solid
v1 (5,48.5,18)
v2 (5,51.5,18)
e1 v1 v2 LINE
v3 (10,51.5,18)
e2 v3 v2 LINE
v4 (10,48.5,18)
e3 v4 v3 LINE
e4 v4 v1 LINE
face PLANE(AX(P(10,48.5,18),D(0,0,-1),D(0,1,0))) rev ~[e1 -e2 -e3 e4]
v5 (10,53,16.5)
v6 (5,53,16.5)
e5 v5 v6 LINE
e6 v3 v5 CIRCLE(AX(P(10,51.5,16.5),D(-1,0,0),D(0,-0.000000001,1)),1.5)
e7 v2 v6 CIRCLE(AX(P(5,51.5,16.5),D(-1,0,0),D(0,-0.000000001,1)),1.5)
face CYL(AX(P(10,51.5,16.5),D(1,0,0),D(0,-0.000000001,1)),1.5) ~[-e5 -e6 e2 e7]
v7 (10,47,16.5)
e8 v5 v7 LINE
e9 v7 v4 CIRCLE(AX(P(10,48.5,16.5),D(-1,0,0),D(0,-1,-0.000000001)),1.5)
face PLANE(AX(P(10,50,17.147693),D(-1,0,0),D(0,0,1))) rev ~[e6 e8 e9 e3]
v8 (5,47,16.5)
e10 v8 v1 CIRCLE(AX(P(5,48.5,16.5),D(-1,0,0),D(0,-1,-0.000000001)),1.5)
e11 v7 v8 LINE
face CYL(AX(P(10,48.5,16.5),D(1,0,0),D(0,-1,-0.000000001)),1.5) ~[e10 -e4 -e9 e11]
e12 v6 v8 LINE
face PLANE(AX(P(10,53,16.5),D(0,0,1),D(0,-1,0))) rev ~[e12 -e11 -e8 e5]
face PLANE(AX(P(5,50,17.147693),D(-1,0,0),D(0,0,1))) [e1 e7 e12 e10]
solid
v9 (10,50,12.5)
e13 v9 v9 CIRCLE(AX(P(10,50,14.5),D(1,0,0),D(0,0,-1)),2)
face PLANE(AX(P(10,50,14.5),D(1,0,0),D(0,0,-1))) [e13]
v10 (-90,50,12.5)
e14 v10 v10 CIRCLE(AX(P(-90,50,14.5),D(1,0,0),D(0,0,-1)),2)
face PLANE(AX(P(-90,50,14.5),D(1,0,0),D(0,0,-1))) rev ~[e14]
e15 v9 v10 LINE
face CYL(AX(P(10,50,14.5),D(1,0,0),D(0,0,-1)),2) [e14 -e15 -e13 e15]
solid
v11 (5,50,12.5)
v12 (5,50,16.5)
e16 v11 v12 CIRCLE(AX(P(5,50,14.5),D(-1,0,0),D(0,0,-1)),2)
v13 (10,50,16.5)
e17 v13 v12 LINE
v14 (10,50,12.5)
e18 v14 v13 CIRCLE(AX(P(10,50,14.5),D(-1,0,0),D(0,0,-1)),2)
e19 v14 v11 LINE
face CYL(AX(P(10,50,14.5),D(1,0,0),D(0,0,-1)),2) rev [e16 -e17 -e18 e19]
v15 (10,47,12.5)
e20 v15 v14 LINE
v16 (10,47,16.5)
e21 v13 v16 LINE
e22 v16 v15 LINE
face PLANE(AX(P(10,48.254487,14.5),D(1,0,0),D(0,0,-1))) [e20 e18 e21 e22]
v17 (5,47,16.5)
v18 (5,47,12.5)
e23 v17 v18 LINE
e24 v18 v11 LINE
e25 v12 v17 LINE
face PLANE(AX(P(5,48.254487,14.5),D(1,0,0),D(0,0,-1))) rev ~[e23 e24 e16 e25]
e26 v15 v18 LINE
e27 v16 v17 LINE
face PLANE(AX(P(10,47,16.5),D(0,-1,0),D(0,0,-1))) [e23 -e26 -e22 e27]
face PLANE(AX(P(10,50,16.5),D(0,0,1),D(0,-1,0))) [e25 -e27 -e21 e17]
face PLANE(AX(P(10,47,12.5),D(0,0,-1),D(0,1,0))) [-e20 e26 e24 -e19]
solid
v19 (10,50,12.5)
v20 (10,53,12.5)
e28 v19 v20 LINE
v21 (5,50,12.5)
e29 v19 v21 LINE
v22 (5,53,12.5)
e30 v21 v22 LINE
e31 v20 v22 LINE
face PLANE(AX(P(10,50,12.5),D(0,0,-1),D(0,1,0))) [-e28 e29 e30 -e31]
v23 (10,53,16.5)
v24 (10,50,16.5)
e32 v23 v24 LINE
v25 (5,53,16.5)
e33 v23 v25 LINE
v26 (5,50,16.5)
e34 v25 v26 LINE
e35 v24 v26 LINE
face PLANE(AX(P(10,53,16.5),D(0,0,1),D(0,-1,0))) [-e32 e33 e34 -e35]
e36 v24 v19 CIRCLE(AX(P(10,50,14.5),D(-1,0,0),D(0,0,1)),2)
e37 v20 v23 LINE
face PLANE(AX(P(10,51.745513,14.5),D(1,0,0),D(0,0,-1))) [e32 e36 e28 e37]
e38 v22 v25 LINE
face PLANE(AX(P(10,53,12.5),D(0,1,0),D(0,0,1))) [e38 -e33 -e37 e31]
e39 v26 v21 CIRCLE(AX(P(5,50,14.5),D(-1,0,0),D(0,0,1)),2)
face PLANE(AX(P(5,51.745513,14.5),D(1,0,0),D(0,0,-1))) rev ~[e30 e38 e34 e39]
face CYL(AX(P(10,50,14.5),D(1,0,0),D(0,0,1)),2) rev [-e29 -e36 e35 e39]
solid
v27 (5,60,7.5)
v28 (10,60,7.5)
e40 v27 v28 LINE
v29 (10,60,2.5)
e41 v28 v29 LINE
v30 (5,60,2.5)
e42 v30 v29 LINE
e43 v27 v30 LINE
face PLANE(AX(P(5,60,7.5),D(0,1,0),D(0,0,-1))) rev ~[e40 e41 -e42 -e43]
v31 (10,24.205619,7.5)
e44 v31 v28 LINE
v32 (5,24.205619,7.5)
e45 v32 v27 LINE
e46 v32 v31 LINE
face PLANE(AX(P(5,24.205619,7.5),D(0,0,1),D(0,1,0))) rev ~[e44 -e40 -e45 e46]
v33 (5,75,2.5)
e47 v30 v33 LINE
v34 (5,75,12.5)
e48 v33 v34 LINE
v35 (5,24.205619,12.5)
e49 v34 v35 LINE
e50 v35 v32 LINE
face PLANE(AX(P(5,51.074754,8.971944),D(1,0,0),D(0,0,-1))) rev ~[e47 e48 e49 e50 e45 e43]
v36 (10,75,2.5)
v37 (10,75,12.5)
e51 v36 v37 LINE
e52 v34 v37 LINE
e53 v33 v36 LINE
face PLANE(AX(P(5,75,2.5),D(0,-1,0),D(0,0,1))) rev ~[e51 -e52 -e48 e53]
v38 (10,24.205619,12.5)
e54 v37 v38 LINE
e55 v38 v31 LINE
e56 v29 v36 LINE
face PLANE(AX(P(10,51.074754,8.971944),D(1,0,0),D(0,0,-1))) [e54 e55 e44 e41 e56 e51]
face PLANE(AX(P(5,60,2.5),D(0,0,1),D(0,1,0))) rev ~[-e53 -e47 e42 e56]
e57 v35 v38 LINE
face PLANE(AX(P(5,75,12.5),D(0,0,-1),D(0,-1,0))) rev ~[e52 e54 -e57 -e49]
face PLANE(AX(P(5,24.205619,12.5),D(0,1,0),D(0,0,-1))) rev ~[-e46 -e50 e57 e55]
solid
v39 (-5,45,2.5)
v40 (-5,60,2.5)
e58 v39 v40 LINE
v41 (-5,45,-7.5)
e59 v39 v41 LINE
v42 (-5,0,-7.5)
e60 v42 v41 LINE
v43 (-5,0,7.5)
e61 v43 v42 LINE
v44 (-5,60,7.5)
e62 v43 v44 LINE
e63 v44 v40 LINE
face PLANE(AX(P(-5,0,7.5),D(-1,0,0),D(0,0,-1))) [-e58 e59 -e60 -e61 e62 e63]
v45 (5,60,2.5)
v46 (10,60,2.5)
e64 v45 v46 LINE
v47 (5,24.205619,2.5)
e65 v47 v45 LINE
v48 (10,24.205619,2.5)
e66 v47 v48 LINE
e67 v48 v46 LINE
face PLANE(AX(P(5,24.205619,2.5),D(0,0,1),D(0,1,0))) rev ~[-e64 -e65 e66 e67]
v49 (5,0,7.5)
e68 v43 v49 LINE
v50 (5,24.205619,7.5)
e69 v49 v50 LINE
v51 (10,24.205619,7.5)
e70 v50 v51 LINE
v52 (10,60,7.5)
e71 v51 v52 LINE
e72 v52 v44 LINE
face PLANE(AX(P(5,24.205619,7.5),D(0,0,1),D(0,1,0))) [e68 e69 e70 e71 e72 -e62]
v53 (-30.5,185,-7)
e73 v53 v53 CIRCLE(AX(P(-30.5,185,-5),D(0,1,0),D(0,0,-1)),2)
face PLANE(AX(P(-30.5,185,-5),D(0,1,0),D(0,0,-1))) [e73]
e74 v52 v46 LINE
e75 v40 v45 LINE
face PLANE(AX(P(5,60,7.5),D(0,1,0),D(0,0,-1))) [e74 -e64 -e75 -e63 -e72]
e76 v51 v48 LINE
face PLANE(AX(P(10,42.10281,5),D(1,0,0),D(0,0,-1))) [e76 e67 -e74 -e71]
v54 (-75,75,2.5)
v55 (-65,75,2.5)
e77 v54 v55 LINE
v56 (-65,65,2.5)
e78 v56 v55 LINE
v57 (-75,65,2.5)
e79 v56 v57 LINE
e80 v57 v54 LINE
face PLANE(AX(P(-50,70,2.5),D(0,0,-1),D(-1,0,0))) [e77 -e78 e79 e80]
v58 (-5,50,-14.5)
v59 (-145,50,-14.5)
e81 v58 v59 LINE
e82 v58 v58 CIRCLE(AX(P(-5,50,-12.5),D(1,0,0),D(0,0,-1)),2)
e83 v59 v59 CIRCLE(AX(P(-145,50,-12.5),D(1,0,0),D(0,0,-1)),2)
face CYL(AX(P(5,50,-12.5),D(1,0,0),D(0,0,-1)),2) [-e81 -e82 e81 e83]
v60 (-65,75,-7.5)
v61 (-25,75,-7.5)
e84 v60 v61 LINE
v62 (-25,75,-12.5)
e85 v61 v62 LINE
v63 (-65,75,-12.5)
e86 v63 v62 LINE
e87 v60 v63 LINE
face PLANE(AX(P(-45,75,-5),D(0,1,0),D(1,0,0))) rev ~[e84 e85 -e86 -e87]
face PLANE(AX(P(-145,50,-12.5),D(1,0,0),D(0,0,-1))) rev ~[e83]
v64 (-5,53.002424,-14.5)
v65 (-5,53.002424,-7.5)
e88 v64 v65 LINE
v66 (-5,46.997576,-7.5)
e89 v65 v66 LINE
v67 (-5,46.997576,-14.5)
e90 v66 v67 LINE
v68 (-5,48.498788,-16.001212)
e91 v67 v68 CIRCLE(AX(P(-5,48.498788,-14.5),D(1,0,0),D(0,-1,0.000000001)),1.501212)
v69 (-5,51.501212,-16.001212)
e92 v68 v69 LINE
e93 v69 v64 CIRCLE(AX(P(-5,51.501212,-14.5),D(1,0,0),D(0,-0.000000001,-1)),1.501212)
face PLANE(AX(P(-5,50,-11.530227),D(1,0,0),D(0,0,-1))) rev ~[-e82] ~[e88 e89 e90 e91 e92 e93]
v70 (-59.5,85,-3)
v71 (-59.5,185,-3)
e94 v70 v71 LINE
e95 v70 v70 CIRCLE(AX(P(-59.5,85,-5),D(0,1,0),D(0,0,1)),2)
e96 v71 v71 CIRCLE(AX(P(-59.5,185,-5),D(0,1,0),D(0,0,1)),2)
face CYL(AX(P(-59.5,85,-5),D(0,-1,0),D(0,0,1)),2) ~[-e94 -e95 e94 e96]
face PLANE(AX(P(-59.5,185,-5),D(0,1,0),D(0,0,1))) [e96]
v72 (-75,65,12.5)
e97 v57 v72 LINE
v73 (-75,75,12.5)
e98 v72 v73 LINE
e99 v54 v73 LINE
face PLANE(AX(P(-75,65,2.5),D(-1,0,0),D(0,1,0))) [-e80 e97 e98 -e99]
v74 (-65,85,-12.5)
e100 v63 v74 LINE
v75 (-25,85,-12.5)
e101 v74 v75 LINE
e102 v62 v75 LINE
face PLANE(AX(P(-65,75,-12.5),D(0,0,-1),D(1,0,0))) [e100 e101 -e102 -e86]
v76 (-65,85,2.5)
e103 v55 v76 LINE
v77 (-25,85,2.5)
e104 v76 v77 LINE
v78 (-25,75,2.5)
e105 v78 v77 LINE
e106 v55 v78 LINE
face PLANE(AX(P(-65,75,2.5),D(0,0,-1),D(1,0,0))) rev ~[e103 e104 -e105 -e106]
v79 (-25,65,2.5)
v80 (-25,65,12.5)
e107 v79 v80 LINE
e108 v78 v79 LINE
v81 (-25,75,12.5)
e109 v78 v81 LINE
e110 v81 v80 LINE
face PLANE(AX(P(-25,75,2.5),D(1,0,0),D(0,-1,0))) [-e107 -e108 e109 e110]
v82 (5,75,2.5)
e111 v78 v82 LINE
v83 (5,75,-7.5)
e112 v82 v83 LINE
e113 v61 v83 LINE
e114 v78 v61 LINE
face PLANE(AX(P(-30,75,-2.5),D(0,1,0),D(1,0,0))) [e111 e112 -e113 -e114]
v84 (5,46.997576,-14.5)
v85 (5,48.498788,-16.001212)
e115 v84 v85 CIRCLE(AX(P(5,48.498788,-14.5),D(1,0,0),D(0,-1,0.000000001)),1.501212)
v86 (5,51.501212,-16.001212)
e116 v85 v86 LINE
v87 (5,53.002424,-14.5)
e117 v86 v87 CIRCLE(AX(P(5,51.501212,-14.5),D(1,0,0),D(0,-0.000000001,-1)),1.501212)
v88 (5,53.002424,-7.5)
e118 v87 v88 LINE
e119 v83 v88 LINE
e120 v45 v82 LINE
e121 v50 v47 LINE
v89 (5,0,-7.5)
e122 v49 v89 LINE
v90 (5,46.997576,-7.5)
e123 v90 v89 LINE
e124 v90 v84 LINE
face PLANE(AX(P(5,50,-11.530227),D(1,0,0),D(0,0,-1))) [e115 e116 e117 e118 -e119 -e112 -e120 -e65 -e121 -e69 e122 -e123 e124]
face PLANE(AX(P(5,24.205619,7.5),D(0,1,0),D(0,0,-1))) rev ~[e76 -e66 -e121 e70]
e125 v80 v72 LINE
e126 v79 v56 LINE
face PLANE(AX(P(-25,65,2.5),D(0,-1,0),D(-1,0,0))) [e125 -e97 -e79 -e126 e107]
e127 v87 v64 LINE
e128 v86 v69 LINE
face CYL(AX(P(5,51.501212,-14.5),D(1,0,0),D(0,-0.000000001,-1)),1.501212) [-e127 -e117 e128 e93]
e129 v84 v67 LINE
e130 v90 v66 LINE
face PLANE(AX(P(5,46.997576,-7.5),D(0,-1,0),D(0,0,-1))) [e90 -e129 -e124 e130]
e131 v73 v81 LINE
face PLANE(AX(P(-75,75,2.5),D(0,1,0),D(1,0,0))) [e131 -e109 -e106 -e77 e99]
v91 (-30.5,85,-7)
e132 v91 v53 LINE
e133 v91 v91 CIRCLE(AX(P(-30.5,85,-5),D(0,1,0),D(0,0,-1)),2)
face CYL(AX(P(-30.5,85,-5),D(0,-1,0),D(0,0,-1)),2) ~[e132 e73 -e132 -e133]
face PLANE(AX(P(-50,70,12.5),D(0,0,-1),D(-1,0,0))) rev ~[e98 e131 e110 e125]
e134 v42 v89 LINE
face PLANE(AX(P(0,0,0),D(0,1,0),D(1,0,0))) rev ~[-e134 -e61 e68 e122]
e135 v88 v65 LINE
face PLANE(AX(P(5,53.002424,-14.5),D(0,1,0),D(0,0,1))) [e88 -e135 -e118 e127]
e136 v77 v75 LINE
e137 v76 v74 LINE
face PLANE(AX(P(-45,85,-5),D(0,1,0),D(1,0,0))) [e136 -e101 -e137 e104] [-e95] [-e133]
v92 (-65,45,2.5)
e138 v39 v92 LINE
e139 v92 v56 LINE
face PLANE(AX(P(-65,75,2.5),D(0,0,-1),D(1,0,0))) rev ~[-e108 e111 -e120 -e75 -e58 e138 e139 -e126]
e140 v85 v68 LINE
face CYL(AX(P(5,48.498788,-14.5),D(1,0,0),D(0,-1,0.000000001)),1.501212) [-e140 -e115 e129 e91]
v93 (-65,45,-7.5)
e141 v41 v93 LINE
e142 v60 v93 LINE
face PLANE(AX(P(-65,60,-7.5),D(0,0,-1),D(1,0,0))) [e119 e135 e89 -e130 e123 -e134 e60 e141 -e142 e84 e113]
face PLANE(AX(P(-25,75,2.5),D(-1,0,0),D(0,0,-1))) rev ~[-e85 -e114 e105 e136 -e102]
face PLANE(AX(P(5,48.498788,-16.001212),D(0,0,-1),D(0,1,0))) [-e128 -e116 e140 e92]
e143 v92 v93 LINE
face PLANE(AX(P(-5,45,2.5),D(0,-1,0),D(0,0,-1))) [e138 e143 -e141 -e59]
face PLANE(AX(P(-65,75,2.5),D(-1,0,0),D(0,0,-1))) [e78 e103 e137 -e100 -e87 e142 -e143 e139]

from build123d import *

# Parameters (mm, degrees)
SKETCH1_W              = 10
SKETCH1_H              = 15
BOSS_EXTRUDE1_DEPTH    = 60
SKETCH2_W              = 10
SKETCH2_H              = 15
BOSS_EXTRUDE2_DEPTH    = 60
SKETCH3_W              = 70
SKETCH3_H              = 10
BOSS_EXTRUDE3_DEPTH    = 15
SKETCH6_W              = 40
SKETCH6_H              = 15
BOSS_EXTRUDE4_DEPTH    = 10
SKETCH7_R              = 2
BOSS_EXTRUDE5_DEPTH    = 100
BOSS_EXTRUDE6_DEPTH    = 10
SKETCH10_W             = 5
SKETCH10_H             = 35.794380654
BOSS_EXTRUDE12_DEPTH   = 5
BOSS_EXTRUDE15_DEPTH   = 5
SKETCH19_R             = 2
BOSS_EXTRUDE18_DEPTH   = 150
BOSS_EXTRUDE19_DEPTH   = 10
SKETCH26_R             = 2
BOSS_EXTRUDE22_DEPTH   = 100
BOSS_EXTRUDE31_DEPTH   = 5
BOSS_EXTRUDE31_2_DEPTH = 5
BOSS_EXTRUDE33_DEPTH   = 5


with BuildPart() as part:
    # Sketch1 → Boss-Extrude1 (new body)
    with BuildSketch(Plane(origin=(0, 0, 0), x_dir=(1, 0, 0), z_dir=(0, 1, 0))):
        Rectangle(SKETCH1_W, SKETCH1_H)
    extrude(amount=BOSS_EXTRUDE1_DEPTH)

    # Sketch2 → Boss-Extrude2 (add)
    with BuildSketch(Plane(origin=(-5, 0, 0), x_dir=(0, 0, -1), z_dir=(1, 0, 0))):
        with Locations((2.5, 52.5)):
            Rectangle(SKETCH2_W, SKETCH2_H)
    extrude(amount=-BOSS_EXTRUDE2_DEPTH)

    # Sketch3 → Boss-Extrude3 (add)
    with BuildSketch(Plane(origin=(0, 60, 0), x_dir=(1, 0, 0), z_dir=(0, 1, 0))):
        with Locations((-30, 2.5)):
            Rectangle(SKETCH3_W, SKETCH3_H)
    extrude(amount=BOSS_EXTRUDE3_DEPTH)

    # Sketch6 → Boss-Extrude4 (add)
    with BuildSketch(Plane(origin=(0, 75, 0), x_dir=(1, 0, 0), z_dir=(0, 1, 0))):
        with Locations((-45, 5)):
            Rectangle(SKETCH6_W, SKETCH6_H)
    extrude(amount=BOSS_EXTRUDE4_DEPTH)

    # Sketch7 → Boss-Extrude5 (add)
    with BuildSketch(Plane(origin=(0, 85, 0), x_dir=(1, 0, 0), z_dir=(0, 1, 0))):
        with Locations(Location((-30.5, 5, 0), (0, 0, 90))):
            Circle(SKETCH7_R)
        with Locations(Location((-59.5, 5, 0), (0, 0, 270))):
            Circle(SKETCH7_R)
    extrude(amount=BOSS_EXTRUDE5_DEPTH)

    # Sketch8 → Boss-Extrude6 (add)
    with BuildSketch(Plane(origin=(5, 75, 2.5), x_dir=(-1, 0, 0), z_dir=(0, 0, -1))):
        Polygon((30, 0), (30, -10), (70, -10), (80, -10), (80, 0), align=None)
    extrude(amount=-BOSS_EXTRUDE6_DEPTH)

    # Sketch10 → Boss-Extrude12 (add)
    with BuildSketch(Plane(origin=(5, 0, 0), x_dir=(0, 0, -1), z_dir=(1, 0, 0))):
        with Locations((-5, 42.102809673)):
            Rectangle(SKETCH10_W, SKETCH10_H)
    extrude(amount=BOSS_EXTRUDE12_DEPTH)



with BuildPart() as body_2:
    # Sketch11 → Boss-Extrude15 (new body)
    with BuildSketch(Plane(origin=(5, 0, 0), x_dir=(0, 0, -1), z_dir=(1, 0, 0))):
        Polygon((-2.5, 60), (-2.5, 75), (-12.5, 75), (-12.5, 24.205619346), (-7.5, 24.205619346), (-7.5, 60), align=None)
    extrude(amount=BOSS_EXTRUDE15_DEPTH)


with BuildPart() as body_3:
    # Sketch19 → Boss-Extrude18 (new body)
    with BuildSketch(Plane(origin=(5, 0, 0), x_dir=(0, 0, -1), z_dir=(1, 0, 0))):
        with Locations((12.5, 50)):
            Circle(SKETCH19_R)
    extrude(amount=-BOSS_EXTRUDE18_DEPTH)


with BuildPart() as part_1:
    add(part.part)

    add(body_3.part)  # Boss-Extrude19 merges body 3
    # Sketch20 → Boss-Extrude19 (add)
    with BuildSketch(Plane(origin=(5, 0, 0), x_dir=(0, 0, -1), z_dir=(1, 0, 0))):
        with BuildLine():
            Line((12.5, 53.002424106), (7.5, 53.002424106))
            Line((7.5, 53.002424106), (7.5, 50))
            Line((7.5, 50), (7.5, 46.997575894))
            Line((7.5, 46.997575894), (12.5, 46.997575894))
            Line((12.5, 46.997575894), (14.5, 46.997575894))
            ThreePointArc((14.5, 46.997575894), (15.561517223, 47.437270724), (16.001212053, 48.498787947))
            Line((16.001212053, 48.498787947), (16.001212053, 51.501212053))
            ThreePointArc((16.001212053, 51.501212053), (15.561517223, 52.562729276), (14.5, 53.002424106))
            Line((14.5, 53.002424106), (12.5, 53.002424106))
        make_face()
    extrude(amount=-BOSS_EXTRUDE19_DEPTH)


with BuildPart() as body_3_2:
    # Sketch26 → Boss-Extrude22 (new body)
    with BuildSketch(Plane(origin=(10, 0, 0), x_dir=(0, 0, -1), z_dir=(1, 0, 0))):
        with Locations((-14.5, 50)):
            Circle(SKETCH26_R)
    extrude(amount=-BOSS_EXTRUDE22_DEPTH)


with BuildPart() as body_4:
    # Sketch33 → Boss-Extrude31 (new body)
    with BuildSketch(Plane(origin=(10, 0, 0), x_dir=(0, 0, -1), z_dir=(1, 0, 0))):
        with BuildLine():
            Line((-12.5, 50), (-12.5, 53))
            Line((-12.5, 53), (-16.5, 53))
            Line((-16.5, 53), (-16.5, 50))
            ThreePointArc((-16.5, 50), (-14.5, 52), (-12.5, 50))
        make_face()
    extrude(amount=-BOSS_EXTRUDE31_DEPTH)


with BuildPart() as body_5:
    # Sketch33 → Boss-Extrude31 2 (new body)
    with BuildSketch(Plane(origin=(10, 0, 0), x_dir=(0, 0, -1), z_dir=(1, 0, 0))):
        with BuildLine():
            Line((-12.5, 47), (-12.5, 50))
            ThreePointArc((-12.5, 50), (-14.5, 48), (-16.5, 50))
            Line((-16.5, 50), (-16.5, 47))
            Line((-16.5, 47), (-12.5, 47))
        make_face()
    extrude(amount=-BOSS_EXTRUDE31_2_DEPTH)


with BuildPart() as body_6:
    # Sketch36 → Boss-Extrude33 (new body)
    with BuildSketch(Plane(origin=(10, 0, 0), x_dir=(0, 0, -1), z_dir=(1, 0, 0))):
        with BuildLine():
            Line((-18, 48.5), (-18, 51.5))
            ThreePointArc((-18, 51.5), (-17.560660172, 52.560660172), (-16.5, 53))
            Line((-16.5, 53), (-16.5, 47))
            ThreePointArc((-16.5, 47), (-17.560660172, 47.439339828), (-18, 48.5))
        make_face()
    extrude(amount=-BOSS_EXTRUDE33_DEPTH)


solid = Compound([body_2.part, part_1.part, body_3_2.part, body_4.part, body_5.part, body_6.part])
